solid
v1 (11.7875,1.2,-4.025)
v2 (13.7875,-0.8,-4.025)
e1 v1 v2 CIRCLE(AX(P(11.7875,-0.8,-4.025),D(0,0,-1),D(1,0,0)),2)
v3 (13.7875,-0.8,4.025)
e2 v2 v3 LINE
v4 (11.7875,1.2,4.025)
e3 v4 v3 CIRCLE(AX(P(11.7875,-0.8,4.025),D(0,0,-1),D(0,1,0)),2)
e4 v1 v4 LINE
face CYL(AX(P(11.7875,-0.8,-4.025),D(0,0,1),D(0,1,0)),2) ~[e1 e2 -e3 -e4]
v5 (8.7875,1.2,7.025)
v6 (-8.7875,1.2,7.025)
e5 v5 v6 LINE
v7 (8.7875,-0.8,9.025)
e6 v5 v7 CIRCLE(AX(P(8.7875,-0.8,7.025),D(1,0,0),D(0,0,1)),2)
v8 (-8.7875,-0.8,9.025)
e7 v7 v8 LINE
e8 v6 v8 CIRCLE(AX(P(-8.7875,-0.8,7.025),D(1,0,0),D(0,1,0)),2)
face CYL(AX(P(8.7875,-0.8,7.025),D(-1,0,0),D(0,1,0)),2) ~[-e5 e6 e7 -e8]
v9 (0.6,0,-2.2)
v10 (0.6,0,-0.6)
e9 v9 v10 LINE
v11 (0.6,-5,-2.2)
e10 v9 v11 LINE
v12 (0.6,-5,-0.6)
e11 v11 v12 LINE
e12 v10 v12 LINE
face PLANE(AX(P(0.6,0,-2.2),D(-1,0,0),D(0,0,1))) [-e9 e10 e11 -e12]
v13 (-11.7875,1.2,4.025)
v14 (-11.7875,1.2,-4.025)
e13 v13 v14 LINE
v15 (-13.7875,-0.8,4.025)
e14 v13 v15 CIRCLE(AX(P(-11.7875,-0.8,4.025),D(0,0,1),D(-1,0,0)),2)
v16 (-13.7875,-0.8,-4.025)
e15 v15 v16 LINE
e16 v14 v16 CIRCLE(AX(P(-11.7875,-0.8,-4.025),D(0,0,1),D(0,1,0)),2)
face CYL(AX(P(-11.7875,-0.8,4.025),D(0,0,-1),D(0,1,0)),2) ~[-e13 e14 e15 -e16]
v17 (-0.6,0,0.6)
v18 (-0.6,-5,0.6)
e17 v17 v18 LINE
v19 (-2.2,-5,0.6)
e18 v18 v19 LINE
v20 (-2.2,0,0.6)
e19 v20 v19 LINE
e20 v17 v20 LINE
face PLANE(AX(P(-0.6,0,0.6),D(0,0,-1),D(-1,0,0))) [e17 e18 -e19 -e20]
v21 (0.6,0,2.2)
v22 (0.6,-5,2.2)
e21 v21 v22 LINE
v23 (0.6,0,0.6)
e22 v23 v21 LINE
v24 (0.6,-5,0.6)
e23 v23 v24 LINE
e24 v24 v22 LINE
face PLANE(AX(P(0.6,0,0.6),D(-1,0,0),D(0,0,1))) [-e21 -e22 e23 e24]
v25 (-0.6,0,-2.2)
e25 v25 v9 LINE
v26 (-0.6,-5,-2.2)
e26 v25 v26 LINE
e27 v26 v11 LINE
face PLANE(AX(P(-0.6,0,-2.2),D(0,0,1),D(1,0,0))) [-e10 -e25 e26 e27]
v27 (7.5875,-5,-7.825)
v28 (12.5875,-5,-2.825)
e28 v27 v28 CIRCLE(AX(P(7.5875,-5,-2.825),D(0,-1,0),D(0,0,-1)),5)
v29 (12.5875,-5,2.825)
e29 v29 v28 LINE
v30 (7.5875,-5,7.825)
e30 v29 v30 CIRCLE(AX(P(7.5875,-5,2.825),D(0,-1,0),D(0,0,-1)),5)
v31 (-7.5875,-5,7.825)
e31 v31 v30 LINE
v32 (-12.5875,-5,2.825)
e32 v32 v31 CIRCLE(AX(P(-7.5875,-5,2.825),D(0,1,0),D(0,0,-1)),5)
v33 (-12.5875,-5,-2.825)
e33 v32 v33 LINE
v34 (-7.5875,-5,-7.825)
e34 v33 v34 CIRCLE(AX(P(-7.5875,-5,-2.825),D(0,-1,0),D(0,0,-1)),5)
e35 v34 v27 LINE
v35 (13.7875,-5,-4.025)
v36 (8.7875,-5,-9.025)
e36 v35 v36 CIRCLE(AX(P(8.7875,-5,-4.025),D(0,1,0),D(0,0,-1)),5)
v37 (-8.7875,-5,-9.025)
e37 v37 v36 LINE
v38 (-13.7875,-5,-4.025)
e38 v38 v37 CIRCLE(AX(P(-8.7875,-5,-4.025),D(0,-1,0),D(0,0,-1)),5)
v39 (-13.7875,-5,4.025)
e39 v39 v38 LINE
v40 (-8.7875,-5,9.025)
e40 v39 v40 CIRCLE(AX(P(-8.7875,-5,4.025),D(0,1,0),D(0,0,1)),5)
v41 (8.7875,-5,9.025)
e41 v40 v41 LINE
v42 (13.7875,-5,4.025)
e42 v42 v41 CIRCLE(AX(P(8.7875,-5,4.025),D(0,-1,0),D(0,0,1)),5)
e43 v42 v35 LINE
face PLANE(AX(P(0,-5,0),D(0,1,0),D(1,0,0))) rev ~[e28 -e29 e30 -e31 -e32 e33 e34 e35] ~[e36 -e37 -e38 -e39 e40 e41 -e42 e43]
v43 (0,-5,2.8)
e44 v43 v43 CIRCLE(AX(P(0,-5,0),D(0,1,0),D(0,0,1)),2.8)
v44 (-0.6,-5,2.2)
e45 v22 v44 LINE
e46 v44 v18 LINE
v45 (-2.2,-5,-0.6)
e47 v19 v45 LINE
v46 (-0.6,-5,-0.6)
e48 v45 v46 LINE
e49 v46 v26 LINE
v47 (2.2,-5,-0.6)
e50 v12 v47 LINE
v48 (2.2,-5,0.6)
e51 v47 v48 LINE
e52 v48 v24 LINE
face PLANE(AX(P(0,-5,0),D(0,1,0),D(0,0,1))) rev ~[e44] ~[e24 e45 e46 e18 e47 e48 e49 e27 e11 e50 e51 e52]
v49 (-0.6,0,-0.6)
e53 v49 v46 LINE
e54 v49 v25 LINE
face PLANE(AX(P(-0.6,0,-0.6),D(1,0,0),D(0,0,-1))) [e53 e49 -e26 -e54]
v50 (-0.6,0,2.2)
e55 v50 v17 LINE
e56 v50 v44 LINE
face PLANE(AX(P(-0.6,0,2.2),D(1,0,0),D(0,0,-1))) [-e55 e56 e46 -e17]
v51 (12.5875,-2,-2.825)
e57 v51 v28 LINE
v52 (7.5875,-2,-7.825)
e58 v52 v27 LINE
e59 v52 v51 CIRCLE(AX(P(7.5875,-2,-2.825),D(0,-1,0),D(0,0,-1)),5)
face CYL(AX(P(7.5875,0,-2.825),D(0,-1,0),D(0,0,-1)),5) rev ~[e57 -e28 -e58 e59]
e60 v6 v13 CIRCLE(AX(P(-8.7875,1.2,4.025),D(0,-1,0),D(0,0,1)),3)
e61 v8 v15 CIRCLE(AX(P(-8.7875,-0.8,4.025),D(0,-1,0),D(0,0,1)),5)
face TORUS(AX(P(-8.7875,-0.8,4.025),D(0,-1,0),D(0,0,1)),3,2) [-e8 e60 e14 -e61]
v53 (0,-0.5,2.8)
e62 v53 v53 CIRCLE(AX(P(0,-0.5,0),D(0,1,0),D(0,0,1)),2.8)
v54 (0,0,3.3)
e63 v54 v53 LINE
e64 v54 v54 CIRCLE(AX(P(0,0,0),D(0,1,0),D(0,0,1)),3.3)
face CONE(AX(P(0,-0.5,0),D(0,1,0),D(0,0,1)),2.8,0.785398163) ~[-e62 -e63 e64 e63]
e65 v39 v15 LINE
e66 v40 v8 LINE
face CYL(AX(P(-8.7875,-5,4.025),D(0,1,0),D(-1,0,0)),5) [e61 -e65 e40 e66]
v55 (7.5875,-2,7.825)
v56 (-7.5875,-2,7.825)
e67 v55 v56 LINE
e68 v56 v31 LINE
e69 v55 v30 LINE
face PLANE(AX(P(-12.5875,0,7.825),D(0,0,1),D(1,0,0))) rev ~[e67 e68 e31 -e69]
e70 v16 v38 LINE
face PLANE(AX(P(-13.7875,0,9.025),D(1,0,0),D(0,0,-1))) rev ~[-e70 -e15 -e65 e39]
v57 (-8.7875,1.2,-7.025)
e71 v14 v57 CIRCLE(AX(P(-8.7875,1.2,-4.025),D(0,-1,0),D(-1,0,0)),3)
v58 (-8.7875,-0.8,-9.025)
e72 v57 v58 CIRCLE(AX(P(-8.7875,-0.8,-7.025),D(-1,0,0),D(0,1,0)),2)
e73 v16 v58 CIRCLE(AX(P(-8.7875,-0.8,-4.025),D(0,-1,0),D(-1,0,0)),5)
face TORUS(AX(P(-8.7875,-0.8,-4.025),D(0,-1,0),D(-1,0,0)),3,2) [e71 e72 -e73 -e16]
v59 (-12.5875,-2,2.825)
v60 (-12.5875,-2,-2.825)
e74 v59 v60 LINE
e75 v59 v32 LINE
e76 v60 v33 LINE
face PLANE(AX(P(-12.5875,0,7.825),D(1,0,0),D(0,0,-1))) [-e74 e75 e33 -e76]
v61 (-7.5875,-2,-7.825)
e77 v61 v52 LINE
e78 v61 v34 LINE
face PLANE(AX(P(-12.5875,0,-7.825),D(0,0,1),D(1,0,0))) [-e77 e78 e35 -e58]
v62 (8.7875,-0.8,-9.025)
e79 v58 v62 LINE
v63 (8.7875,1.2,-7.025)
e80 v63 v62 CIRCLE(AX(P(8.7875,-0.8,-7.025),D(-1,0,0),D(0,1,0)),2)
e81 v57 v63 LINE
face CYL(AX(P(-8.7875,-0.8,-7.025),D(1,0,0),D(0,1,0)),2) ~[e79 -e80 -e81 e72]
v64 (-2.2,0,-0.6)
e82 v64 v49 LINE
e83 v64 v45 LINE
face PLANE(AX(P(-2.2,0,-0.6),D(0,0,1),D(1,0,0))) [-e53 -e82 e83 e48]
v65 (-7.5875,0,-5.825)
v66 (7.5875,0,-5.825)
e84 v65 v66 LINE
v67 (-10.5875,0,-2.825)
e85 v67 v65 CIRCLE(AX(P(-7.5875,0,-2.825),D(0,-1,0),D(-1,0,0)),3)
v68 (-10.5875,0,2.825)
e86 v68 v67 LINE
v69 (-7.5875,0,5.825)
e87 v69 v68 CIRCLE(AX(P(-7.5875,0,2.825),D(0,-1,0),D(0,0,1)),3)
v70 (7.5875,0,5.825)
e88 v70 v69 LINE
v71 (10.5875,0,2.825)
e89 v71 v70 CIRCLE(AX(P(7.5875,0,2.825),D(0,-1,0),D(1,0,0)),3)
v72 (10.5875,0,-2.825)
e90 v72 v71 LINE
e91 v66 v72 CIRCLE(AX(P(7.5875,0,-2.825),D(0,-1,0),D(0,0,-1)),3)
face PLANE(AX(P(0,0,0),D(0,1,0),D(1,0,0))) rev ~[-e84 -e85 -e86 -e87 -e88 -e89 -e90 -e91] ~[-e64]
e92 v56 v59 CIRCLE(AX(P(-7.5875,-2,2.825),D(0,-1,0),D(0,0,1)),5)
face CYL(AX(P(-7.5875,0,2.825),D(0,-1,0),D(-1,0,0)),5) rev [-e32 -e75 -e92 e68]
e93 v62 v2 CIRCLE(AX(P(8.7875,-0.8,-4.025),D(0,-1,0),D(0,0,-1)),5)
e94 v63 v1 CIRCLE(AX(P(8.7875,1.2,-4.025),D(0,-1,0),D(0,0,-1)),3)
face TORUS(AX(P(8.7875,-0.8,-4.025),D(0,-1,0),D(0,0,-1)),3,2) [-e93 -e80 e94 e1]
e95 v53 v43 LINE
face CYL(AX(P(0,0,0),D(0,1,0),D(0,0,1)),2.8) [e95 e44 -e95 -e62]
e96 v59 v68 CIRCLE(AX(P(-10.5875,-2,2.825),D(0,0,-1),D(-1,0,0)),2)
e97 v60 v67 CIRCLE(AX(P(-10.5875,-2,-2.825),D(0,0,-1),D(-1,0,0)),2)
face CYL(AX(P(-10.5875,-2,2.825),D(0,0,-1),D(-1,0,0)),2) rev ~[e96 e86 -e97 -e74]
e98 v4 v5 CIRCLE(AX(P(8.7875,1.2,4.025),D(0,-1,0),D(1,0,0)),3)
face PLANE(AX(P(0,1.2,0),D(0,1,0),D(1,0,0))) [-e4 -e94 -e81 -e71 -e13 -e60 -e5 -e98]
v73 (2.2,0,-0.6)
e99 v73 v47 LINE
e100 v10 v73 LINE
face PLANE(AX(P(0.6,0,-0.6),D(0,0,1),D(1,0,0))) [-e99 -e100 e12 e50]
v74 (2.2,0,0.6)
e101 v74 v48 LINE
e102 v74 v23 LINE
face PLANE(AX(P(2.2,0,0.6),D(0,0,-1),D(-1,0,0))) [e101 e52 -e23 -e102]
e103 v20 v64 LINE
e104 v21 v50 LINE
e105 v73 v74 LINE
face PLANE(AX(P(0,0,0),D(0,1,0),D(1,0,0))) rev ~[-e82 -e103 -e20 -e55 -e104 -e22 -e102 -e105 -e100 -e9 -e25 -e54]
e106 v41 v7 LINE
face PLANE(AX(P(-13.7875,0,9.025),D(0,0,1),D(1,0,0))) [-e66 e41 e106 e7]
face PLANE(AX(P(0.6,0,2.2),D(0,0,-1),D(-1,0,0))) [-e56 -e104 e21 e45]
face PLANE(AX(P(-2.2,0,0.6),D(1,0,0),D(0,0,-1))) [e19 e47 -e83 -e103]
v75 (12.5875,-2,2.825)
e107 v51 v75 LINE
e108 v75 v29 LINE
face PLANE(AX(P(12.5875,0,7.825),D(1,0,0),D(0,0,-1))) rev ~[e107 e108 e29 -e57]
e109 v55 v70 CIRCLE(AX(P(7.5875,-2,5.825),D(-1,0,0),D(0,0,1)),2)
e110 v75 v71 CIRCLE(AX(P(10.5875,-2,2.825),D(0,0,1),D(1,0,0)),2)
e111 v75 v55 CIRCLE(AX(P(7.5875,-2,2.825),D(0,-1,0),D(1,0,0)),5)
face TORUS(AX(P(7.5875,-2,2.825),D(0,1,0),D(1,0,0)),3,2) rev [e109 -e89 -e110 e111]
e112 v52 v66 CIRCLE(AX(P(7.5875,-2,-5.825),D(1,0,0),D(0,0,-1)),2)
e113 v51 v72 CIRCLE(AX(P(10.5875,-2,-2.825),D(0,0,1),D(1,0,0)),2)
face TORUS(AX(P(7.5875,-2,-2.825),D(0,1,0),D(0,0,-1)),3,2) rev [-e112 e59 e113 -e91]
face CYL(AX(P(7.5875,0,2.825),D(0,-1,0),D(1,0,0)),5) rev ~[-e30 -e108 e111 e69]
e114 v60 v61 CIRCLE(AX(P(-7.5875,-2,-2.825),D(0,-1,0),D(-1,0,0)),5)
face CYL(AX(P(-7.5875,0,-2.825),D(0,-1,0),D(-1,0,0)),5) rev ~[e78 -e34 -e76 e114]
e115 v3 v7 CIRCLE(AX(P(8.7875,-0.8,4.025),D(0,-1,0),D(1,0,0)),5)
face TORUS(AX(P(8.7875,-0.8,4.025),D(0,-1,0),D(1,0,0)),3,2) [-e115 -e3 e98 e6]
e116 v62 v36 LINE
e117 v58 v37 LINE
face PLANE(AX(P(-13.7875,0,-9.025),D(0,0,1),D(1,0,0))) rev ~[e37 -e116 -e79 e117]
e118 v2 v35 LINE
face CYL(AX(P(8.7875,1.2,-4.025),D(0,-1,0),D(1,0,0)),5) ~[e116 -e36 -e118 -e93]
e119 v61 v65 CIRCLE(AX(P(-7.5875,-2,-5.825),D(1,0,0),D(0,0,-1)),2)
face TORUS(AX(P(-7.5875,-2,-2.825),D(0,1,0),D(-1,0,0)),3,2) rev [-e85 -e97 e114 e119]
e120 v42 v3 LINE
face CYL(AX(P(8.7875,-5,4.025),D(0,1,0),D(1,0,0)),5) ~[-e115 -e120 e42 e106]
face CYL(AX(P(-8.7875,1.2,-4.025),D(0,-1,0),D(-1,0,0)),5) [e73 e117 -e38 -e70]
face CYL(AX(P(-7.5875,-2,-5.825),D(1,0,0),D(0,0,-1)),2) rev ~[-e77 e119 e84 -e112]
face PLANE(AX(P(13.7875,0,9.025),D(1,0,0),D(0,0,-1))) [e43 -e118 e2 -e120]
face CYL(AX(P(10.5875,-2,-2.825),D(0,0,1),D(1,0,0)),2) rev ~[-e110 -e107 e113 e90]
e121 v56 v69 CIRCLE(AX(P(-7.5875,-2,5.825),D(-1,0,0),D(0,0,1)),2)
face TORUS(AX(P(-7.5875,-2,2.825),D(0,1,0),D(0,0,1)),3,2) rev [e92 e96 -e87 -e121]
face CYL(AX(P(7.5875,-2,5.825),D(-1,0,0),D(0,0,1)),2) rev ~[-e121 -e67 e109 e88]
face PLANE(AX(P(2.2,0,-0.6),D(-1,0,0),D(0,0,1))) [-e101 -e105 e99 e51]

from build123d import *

# Parameters (mm, degrees)
SKETCH_1_R      = 2.8
EXTRUDE_1_DEPTH = 5
SKETCH_2_W      = 27.575
SKETCH_2_H      = 18.05
EXTRUDE_2_DEPTH = 1.2
SKETCH_3_W      = 27.575
SKETCH_3_H      = 18.05
SKETCH_3_W_2    = 25.175
SKETCH_3_H_2    = 15.65
EXTRUDE_3_DEPTH = 5
FILLET_1_R      = 5
FILLET_2_R      = 2
CHAMFER_1_SIZE  = 0.5


with BuildPart() as part:
    # 草图1 → 凸台-拉伸1 (new body)
    with BuildSketch(Plane(origin=(0, 0, 0), x_dir=(1, 0, 0), z_dir=(0, 1, 0))):
        with Locations(Location((0, 0, 0), (0, 0, 270))):
            Circle(SKETCH_1_R)
        Polygon((2.2, 0.6), (2.2, -0.6), (0.6, -0.6), (0.6, -2.2), (-0.6, -2.2), (-0.6, -0.6), (-2.2, -0.6), (-2.2, 0.6), (-0.6, 0.6), (-0.6, 2.2), (0.6, 2.2), (0.6, 0.6), align=None, mode=Mode.SUBTRACT)
    extrude(amount=-EXTRUDE_1_DEPTH)

    # 草图2 → 凸台-拉伸2 (add)
    with BuildSketch(Plane(origin=(0, 0, 0), x_dir=(1, 0, 0), z_dir=(0, 1, 0))):
        Rectangle(SKETCH_2_W, SKETCH_2_H)
    extrude(amount=EXTRUDE_2_DEPTH)

    # 草图3 → 凸台-拉伸3 (add)
    with BuildSketch(Plane(origin=(0, 0, 0), x_dir=(1, 0, 0), z_dir=(0, 1, 0))):
        Rectangle(SKETCH_3_W, SKETCH_3_H)
        Rectangle(SKETCH_3_W_2, SKETCH_3_H_2, mode=Mode.SUBTRACT)
    extrude(amount=-EXTRUDE_3_DEPTH)

    # 圆角1
    fillet_1_edges = [part.edges().sort_by_distance(p)[0] for p in [
        (13.7875, -1.9, 9.025),
        (13.7875, -1.9, -9.025),
        (-13.7875, -1.9, -9.025),
        (-13.7875, -1.9, 9.025),
        (-12.5875, -2.5, 7.825),
        (-12.5875, -2.5, -7.825),
        (12.5875, -2.5, -7.825),
        (12.5875, -2.5, 7.825),
    ]]
    fillet(fillet_1_edges, radius=FILLET_1_R)

    # 圆角2
    fillet_2_edges = [part.edges().sort_by_distance(p)[0] for p in [
        (-12.5875, 0, 0),
        (0, 0, 7.825),
        (0, 0, -7.825),
        (12.5875, 0, 0),
        (-11.123033906, 0, 6.360533906),
        (11.123033906, 0, 6.360533906),
        (11.123033906, 0, -6.360533906),
        (-11.123033906, 0, -6.360533906),
        (0, 1.2, -9.025),
        (13.7875, 1.2, 0),
        (-13.7875, 1.2, 0),
        (0, 1.2, 9.025),
        (-12.323033906, 1.2, -7.560533906),
        (-12.323033906, 1.2, 7.560533906),
        (12.323033906, 1.2, 7.560533906),
        (12.323033906, 1.2, -7.560533906),
    ]]
    fillet(fillet_2_edges, radius=FILLET_2_R)

    # 倒角1
    chamfer_1_edges = [part.edges().sort_by_distance(p)[0] for p in [
        (0, 0, -2.8),
    ]]
    chamfer(chamfer_1_edges, length=CHAMFER_1_SIZE)


solid = part.part
